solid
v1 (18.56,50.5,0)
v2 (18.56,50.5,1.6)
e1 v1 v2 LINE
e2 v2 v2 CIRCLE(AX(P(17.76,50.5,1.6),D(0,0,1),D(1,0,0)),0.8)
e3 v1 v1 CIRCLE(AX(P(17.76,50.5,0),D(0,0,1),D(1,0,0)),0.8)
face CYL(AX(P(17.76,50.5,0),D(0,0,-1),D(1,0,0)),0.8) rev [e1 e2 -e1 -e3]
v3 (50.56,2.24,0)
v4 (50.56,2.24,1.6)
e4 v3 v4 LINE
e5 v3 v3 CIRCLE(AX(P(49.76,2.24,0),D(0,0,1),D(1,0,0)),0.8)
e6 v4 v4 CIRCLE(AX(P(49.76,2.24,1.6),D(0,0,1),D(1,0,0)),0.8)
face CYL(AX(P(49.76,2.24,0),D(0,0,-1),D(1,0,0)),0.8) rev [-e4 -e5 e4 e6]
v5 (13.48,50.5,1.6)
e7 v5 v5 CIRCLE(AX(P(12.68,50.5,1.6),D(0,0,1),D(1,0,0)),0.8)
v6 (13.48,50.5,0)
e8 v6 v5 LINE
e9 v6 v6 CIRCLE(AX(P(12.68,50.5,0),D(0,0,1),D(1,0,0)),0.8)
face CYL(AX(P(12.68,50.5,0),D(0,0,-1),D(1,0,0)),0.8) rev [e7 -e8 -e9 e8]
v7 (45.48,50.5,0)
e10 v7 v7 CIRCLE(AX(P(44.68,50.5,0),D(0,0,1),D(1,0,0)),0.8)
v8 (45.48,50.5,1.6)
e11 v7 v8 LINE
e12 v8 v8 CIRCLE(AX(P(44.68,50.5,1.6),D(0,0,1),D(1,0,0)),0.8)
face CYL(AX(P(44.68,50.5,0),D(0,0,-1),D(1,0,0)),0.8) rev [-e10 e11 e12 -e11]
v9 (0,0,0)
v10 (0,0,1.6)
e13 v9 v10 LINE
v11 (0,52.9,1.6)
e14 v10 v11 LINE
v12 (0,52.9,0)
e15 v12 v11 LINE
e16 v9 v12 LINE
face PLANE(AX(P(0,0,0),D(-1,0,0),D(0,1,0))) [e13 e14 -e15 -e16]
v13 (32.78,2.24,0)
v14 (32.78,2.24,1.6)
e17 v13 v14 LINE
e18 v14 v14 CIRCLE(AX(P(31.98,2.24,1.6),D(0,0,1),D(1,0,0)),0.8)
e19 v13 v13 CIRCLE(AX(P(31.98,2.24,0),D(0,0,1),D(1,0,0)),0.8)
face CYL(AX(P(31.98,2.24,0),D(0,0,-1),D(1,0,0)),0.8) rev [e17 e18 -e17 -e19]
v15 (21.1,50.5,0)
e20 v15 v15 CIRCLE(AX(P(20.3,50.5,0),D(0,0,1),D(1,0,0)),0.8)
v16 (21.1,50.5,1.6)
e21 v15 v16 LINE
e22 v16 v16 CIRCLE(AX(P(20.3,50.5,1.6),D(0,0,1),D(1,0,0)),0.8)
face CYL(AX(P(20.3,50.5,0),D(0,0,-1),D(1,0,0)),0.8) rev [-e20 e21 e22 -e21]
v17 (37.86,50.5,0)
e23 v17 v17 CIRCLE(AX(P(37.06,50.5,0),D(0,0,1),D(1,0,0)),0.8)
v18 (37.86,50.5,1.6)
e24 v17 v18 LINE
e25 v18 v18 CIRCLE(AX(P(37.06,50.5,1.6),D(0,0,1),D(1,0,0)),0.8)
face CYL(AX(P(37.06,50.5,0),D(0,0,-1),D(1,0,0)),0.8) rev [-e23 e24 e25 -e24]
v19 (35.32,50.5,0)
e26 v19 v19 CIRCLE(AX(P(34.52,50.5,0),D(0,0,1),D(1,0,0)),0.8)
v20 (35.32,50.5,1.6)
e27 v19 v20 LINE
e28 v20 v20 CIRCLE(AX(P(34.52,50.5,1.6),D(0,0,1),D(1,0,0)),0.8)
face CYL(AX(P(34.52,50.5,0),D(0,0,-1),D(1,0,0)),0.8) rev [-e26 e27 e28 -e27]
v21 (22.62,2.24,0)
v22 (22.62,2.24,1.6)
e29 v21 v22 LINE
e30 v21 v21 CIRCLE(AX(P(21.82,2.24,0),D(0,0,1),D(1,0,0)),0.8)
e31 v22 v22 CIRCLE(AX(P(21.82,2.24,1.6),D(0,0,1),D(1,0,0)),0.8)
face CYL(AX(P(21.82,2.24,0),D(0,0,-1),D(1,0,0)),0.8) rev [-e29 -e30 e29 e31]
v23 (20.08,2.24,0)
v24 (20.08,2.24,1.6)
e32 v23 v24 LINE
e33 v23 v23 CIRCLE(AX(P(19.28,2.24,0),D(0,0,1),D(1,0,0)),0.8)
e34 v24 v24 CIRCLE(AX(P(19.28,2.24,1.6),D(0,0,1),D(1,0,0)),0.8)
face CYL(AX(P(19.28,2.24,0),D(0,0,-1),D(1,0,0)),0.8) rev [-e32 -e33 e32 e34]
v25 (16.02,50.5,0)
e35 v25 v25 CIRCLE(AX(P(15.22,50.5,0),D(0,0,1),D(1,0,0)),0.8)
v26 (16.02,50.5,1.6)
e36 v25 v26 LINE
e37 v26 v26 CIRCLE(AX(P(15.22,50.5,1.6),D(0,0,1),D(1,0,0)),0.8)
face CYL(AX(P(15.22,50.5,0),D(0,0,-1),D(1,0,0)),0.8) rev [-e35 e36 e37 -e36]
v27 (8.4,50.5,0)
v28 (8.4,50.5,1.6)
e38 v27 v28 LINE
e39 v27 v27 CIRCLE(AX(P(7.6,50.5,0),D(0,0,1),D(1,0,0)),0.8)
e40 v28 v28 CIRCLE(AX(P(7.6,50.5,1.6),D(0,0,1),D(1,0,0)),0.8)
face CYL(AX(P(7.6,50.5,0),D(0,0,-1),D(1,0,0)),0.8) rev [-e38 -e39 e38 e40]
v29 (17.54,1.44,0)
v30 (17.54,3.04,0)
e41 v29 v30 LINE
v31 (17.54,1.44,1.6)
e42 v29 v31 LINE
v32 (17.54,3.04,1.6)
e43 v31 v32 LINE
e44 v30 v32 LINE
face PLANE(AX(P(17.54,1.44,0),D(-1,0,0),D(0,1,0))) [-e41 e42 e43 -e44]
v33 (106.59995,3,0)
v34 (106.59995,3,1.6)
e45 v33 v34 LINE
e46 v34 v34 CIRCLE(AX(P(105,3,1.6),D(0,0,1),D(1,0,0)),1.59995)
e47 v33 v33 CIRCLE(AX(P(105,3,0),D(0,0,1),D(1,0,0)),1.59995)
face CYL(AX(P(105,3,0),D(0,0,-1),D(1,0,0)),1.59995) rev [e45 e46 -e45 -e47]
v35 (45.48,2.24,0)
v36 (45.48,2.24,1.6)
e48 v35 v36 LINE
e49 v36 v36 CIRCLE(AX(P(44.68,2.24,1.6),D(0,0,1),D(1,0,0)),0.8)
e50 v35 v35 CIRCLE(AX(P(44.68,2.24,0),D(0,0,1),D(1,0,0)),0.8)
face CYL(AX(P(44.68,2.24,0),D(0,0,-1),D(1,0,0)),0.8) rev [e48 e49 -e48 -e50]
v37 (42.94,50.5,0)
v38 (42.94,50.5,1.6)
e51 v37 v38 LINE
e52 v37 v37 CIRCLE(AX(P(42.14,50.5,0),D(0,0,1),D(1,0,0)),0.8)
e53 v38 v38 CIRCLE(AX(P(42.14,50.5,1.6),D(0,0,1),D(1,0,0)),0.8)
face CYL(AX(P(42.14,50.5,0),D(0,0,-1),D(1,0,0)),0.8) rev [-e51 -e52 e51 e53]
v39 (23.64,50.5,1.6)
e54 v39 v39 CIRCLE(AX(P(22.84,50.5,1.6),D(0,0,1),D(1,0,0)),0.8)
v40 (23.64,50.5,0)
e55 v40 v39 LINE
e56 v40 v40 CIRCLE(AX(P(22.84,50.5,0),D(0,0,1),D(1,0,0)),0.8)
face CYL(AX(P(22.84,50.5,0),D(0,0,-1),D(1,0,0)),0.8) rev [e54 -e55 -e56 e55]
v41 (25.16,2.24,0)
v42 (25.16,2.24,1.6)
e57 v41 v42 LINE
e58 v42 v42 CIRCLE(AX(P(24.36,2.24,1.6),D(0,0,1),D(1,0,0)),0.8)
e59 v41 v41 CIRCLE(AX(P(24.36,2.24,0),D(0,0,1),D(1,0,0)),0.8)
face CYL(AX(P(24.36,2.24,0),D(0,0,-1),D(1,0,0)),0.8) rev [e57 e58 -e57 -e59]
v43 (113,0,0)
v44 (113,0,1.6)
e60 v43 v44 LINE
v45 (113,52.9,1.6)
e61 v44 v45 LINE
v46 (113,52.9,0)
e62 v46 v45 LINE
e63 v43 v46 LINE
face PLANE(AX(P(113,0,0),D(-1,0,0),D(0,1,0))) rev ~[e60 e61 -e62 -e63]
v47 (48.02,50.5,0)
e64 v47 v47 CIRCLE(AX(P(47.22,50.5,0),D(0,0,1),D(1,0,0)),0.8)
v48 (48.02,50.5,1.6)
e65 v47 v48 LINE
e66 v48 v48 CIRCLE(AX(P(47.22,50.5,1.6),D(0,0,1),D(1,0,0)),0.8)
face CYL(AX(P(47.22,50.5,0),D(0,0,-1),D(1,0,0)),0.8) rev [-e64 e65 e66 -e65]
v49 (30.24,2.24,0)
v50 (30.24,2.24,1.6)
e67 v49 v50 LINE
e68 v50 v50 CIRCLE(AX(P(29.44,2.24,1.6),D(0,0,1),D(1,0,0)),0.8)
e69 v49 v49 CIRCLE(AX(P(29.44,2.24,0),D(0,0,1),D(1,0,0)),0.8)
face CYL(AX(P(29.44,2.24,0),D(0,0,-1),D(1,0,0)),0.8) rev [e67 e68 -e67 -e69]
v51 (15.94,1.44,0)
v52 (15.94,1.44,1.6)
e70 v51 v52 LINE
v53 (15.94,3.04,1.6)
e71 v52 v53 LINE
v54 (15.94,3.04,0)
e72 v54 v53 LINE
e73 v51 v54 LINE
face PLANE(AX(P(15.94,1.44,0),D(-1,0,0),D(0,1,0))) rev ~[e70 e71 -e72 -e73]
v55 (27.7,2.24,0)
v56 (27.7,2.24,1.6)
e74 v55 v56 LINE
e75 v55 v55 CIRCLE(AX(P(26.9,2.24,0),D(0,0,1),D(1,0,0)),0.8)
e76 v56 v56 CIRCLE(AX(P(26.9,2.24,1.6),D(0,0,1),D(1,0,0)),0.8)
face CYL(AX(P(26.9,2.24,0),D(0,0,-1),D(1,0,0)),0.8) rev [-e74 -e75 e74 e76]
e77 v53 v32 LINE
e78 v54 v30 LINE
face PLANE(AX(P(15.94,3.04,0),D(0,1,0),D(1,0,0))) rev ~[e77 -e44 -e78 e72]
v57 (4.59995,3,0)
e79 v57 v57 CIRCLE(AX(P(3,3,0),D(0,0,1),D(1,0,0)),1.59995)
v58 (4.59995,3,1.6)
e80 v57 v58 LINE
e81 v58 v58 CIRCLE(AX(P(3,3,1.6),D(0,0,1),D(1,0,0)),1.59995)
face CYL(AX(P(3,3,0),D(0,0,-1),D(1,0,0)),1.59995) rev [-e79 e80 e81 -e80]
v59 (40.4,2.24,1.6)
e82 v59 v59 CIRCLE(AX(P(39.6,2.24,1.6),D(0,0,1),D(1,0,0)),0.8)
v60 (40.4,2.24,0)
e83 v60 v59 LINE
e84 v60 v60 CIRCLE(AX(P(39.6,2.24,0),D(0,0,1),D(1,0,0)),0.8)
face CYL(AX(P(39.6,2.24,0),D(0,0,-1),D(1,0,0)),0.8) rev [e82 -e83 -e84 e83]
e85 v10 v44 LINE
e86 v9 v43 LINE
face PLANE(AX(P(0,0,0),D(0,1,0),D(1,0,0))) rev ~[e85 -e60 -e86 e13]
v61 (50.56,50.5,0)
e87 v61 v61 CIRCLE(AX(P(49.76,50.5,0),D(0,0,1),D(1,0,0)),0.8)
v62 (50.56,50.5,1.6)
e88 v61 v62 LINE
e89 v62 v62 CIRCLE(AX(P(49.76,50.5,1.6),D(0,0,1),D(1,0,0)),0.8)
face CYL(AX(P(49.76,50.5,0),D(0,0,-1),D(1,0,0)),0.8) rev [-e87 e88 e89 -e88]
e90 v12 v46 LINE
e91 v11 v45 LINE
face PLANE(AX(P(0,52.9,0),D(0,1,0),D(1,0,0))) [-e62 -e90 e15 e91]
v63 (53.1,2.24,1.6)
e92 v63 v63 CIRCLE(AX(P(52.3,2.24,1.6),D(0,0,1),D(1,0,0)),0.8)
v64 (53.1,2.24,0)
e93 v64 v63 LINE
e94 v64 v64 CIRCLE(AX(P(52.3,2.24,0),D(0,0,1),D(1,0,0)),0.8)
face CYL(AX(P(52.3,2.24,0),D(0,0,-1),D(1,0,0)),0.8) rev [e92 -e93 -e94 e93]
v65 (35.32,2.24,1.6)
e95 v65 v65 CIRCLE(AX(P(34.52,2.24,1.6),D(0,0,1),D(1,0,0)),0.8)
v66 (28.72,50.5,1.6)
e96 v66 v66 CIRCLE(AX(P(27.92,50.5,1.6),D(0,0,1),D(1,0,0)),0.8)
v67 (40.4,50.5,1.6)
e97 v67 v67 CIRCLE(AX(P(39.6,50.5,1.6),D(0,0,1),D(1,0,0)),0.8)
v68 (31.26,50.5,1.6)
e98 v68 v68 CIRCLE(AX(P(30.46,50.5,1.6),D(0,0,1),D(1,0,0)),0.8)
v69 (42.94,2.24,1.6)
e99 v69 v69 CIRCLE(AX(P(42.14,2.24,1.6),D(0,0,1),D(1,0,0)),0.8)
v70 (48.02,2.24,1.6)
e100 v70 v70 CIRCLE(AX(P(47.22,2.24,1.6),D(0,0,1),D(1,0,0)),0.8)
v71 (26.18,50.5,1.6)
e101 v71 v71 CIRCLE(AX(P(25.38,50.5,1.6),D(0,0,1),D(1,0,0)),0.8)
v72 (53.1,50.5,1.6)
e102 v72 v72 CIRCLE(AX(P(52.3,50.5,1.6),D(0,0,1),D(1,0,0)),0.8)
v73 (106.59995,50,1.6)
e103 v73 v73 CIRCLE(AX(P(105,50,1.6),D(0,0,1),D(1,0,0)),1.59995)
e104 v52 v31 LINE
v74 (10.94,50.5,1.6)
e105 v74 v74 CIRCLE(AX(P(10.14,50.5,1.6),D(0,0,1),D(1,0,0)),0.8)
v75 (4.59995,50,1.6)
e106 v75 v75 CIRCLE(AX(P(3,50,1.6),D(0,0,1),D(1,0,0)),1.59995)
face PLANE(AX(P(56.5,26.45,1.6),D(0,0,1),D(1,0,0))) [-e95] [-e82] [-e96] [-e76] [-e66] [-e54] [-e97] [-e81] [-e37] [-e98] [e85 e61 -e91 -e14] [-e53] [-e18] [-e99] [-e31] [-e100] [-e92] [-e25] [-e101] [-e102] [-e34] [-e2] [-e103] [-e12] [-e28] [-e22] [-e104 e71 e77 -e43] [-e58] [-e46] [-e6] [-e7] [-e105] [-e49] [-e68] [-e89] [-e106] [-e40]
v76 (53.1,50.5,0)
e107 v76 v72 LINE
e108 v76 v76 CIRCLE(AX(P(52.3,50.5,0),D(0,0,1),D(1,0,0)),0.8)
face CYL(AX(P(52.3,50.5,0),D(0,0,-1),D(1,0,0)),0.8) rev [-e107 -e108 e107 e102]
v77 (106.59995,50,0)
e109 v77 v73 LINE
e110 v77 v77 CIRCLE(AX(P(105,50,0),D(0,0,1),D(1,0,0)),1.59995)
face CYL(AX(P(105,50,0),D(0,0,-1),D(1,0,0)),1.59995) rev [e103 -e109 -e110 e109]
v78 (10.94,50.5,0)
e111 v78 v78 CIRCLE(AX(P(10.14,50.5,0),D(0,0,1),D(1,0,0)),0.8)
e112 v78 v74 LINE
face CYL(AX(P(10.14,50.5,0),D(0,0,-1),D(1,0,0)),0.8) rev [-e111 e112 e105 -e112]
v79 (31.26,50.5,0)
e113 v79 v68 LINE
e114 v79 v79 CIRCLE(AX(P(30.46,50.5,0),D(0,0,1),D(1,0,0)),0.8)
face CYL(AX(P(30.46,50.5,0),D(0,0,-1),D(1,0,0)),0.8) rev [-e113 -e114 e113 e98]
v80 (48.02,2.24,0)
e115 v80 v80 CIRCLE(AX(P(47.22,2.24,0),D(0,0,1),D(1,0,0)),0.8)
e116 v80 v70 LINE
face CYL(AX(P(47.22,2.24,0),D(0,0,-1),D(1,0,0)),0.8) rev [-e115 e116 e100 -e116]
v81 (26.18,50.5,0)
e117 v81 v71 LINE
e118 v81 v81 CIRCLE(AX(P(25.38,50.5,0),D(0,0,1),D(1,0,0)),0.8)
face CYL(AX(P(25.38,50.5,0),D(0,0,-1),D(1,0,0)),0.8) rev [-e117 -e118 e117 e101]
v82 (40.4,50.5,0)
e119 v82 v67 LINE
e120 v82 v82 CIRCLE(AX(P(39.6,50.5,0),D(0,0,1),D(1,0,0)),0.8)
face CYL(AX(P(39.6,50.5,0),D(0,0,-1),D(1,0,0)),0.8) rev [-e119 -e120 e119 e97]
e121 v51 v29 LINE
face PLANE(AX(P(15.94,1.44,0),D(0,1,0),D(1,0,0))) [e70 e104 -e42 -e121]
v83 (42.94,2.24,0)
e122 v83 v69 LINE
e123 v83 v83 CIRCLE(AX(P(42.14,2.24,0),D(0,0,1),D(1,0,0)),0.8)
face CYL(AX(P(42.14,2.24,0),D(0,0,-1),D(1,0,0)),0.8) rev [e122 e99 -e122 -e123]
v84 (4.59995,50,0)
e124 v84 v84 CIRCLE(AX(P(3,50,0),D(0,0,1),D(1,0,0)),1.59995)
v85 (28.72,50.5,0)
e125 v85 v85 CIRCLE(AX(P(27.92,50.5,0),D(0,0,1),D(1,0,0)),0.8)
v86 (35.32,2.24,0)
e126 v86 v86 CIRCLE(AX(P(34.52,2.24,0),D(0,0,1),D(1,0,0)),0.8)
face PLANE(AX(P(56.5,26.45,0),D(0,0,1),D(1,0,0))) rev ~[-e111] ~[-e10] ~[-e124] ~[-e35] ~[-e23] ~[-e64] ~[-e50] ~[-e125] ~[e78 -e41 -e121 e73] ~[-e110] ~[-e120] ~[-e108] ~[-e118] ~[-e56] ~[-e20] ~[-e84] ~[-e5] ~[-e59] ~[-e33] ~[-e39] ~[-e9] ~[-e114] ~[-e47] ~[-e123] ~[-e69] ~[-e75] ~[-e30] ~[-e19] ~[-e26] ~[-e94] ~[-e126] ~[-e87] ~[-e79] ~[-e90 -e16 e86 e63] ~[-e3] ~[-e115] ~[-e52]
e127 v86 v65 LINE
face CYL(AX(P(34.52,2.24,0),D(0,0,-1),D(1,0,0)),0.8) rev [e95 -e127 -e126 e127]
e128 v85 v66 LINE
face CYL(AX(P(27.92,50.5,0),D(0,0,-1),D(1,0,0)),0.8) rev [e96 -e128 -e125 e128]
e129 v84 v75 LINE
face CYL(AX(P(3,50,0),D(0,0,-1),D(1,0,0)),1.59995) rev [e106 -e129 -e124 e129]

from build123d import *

# Parameters (mm, degrees)
MODEL_W            = 113
MODEL_H            = 52.9
MODEL_R            = 0.8
MODEL_R_2          = 1.59995
MODEL_W_2          = 1.6
MODEL_H_2          = 1.6
BOSS_EXTRU_1_DEPTH = 1.6


with BuildPart() as part:
    # Model → Boss.-Extru.1 (new body)
    with BuildSketch(Plane.XY):
        with Locations((56.5, 26.45)):
            Rectangle(MODEL_W, MODEL_H)
        with Locations((52.3, 50.5)):
            Circle(MODEL_R, mode=Mode.SUBTRACT)
        with Locations((49.76, 50.5)):
            Circle(MODEL_R, mode=Mode.SUBTRACT)
        with Locations((47.22, 50.5)):
            Circle(MODEL_R, mode=Mode.SUBTRACT)
        with Locations((44.68, 50.5)):
            Circle(MODEL_R, mode=Mode.SUBTRACT)
        with Locations((42.14, 50.5)):
            Circle(MODEL_R, mode=Mode.SUBTRACT)
        with Locations((39.6, 50.5)):
            Circle(MODEL_R, mode=Mode.SUBTRACT)
        with Locations((37.06, 50.5)):
            Circle(MODEL_R, mode=Mode.SUBTRACT)
        with Locations((34.52, 50.5)):
            Circle(MODEL_R, mode=Mode.SUBTRACT)
        with Locations((30.46, 50.5)):
            Circle(MODEL_R, mode=Mode.SUBTRACT)
        with Locations((27.92, 50.5)):
            Circle(MODEL_R, mode=Mode.SUBTRACT)
        with Locations((25.38, 50.5)):
            Circle(MODEL_R, mode=Mode.SUBTRACT)
        with Locations((22.84, 50.5)):
            Circle(MODEL_R, mode=Mode.SUBTRACT)
        with Locations((20.3, 50.5)):
            Circle(MODEL_R, mode=Mode.SUBTRACT)
        with Locations((17.76, 50.5)):
            Circle(MODEL_R, mode=Mode.SUBTRACT)
        with Locations((15.22, 50.5)):
            Circle(MODEL_R, mode=Mode.SUBTRACT)
        with Locations((12.68, 50.5)):
            Circle(MODEL_R, mode=Mode.SUBTRACT)
        with Locations((10.14, 50.5)):
            Circle(MODEL_R, mode=Mode.SUBTRACT)
        with Locations((7.6, 50.5)):
            Circle(MODEL_R, mode=Mode.SUBTRACT)
        with Locations((19.28, 2.24)):
            Circle(MODEL_R, mode=Mode.SUBTRACT)
        with Locations((21.82, 2.24)):
            Circle(MODEL_R, mode=Mode.SUBTRACT)
        with Locations((24.36, 2.24)):
            Circle(MODEL_R, mode=Mode.SUBTRACT)
        with Locations((26.9, 2.24)):
            Circle(MODEL_R, mode=Mode.SUBTRACT)
        with Locations((29.44, 2.24)):
            Circle(MODEL_R, mode=Mode.SUBTRACT)
        with Locations((31.98, 2.24)):
            Circle(MODEL_R, mode=Mode.SUBTRACT)
        with Locations((34.52, 2.24)):
            Circle(MODEL_R, mode=Mode.SUBTRACT)
        with Locations((39.6, 2.24)):
            Circle(MODEL_R, mode=Mode.SUBTRACT)
        with Locations((42.14, 2.24)):
            Circle(MODEL_R, mode=Mode.SUBTRACT)
        with Locations((44.68, 2.24)):
            Circle(MODEL_R, mode=Mode.SUBTRACT)
        with Locations((47.22, 2.24)):
            Circle(MODEL_R, mode=Mode.SUBTRACT)
        with Locations((49.76, 2.24)):
            Circle(MODEL_R, mode=Mode.SUBTRACT)
        with Locations((52.3, 2.24)):
            Circle(MODEL_R, mode=Mode.SUBTRACT)
        with Locations((105, 3)):
            Circle(MODEL_R_2, mode=Mode.SUBTRACT)
        with Locations((105, 50)):
            Circle(MODEL_R_2, mode=Mode.SUBTRACT)
        with Locations((3, 50)):
            Circle(MODEL_R_2, mode=Mode.SUBTRACT)
        with Locations((3, 3)):
            Circle(MODEL_R_2, mode=Mode.SUBTRACT)
        with Locations((16.74, 2.24)):
            Rectangle(MODEL_W_2, MODEL_H_2, mode=Mode.SUBTRACT)
    extrude(amount=BOSS_EXTRU_1_DEPTH)


solid = part.part
